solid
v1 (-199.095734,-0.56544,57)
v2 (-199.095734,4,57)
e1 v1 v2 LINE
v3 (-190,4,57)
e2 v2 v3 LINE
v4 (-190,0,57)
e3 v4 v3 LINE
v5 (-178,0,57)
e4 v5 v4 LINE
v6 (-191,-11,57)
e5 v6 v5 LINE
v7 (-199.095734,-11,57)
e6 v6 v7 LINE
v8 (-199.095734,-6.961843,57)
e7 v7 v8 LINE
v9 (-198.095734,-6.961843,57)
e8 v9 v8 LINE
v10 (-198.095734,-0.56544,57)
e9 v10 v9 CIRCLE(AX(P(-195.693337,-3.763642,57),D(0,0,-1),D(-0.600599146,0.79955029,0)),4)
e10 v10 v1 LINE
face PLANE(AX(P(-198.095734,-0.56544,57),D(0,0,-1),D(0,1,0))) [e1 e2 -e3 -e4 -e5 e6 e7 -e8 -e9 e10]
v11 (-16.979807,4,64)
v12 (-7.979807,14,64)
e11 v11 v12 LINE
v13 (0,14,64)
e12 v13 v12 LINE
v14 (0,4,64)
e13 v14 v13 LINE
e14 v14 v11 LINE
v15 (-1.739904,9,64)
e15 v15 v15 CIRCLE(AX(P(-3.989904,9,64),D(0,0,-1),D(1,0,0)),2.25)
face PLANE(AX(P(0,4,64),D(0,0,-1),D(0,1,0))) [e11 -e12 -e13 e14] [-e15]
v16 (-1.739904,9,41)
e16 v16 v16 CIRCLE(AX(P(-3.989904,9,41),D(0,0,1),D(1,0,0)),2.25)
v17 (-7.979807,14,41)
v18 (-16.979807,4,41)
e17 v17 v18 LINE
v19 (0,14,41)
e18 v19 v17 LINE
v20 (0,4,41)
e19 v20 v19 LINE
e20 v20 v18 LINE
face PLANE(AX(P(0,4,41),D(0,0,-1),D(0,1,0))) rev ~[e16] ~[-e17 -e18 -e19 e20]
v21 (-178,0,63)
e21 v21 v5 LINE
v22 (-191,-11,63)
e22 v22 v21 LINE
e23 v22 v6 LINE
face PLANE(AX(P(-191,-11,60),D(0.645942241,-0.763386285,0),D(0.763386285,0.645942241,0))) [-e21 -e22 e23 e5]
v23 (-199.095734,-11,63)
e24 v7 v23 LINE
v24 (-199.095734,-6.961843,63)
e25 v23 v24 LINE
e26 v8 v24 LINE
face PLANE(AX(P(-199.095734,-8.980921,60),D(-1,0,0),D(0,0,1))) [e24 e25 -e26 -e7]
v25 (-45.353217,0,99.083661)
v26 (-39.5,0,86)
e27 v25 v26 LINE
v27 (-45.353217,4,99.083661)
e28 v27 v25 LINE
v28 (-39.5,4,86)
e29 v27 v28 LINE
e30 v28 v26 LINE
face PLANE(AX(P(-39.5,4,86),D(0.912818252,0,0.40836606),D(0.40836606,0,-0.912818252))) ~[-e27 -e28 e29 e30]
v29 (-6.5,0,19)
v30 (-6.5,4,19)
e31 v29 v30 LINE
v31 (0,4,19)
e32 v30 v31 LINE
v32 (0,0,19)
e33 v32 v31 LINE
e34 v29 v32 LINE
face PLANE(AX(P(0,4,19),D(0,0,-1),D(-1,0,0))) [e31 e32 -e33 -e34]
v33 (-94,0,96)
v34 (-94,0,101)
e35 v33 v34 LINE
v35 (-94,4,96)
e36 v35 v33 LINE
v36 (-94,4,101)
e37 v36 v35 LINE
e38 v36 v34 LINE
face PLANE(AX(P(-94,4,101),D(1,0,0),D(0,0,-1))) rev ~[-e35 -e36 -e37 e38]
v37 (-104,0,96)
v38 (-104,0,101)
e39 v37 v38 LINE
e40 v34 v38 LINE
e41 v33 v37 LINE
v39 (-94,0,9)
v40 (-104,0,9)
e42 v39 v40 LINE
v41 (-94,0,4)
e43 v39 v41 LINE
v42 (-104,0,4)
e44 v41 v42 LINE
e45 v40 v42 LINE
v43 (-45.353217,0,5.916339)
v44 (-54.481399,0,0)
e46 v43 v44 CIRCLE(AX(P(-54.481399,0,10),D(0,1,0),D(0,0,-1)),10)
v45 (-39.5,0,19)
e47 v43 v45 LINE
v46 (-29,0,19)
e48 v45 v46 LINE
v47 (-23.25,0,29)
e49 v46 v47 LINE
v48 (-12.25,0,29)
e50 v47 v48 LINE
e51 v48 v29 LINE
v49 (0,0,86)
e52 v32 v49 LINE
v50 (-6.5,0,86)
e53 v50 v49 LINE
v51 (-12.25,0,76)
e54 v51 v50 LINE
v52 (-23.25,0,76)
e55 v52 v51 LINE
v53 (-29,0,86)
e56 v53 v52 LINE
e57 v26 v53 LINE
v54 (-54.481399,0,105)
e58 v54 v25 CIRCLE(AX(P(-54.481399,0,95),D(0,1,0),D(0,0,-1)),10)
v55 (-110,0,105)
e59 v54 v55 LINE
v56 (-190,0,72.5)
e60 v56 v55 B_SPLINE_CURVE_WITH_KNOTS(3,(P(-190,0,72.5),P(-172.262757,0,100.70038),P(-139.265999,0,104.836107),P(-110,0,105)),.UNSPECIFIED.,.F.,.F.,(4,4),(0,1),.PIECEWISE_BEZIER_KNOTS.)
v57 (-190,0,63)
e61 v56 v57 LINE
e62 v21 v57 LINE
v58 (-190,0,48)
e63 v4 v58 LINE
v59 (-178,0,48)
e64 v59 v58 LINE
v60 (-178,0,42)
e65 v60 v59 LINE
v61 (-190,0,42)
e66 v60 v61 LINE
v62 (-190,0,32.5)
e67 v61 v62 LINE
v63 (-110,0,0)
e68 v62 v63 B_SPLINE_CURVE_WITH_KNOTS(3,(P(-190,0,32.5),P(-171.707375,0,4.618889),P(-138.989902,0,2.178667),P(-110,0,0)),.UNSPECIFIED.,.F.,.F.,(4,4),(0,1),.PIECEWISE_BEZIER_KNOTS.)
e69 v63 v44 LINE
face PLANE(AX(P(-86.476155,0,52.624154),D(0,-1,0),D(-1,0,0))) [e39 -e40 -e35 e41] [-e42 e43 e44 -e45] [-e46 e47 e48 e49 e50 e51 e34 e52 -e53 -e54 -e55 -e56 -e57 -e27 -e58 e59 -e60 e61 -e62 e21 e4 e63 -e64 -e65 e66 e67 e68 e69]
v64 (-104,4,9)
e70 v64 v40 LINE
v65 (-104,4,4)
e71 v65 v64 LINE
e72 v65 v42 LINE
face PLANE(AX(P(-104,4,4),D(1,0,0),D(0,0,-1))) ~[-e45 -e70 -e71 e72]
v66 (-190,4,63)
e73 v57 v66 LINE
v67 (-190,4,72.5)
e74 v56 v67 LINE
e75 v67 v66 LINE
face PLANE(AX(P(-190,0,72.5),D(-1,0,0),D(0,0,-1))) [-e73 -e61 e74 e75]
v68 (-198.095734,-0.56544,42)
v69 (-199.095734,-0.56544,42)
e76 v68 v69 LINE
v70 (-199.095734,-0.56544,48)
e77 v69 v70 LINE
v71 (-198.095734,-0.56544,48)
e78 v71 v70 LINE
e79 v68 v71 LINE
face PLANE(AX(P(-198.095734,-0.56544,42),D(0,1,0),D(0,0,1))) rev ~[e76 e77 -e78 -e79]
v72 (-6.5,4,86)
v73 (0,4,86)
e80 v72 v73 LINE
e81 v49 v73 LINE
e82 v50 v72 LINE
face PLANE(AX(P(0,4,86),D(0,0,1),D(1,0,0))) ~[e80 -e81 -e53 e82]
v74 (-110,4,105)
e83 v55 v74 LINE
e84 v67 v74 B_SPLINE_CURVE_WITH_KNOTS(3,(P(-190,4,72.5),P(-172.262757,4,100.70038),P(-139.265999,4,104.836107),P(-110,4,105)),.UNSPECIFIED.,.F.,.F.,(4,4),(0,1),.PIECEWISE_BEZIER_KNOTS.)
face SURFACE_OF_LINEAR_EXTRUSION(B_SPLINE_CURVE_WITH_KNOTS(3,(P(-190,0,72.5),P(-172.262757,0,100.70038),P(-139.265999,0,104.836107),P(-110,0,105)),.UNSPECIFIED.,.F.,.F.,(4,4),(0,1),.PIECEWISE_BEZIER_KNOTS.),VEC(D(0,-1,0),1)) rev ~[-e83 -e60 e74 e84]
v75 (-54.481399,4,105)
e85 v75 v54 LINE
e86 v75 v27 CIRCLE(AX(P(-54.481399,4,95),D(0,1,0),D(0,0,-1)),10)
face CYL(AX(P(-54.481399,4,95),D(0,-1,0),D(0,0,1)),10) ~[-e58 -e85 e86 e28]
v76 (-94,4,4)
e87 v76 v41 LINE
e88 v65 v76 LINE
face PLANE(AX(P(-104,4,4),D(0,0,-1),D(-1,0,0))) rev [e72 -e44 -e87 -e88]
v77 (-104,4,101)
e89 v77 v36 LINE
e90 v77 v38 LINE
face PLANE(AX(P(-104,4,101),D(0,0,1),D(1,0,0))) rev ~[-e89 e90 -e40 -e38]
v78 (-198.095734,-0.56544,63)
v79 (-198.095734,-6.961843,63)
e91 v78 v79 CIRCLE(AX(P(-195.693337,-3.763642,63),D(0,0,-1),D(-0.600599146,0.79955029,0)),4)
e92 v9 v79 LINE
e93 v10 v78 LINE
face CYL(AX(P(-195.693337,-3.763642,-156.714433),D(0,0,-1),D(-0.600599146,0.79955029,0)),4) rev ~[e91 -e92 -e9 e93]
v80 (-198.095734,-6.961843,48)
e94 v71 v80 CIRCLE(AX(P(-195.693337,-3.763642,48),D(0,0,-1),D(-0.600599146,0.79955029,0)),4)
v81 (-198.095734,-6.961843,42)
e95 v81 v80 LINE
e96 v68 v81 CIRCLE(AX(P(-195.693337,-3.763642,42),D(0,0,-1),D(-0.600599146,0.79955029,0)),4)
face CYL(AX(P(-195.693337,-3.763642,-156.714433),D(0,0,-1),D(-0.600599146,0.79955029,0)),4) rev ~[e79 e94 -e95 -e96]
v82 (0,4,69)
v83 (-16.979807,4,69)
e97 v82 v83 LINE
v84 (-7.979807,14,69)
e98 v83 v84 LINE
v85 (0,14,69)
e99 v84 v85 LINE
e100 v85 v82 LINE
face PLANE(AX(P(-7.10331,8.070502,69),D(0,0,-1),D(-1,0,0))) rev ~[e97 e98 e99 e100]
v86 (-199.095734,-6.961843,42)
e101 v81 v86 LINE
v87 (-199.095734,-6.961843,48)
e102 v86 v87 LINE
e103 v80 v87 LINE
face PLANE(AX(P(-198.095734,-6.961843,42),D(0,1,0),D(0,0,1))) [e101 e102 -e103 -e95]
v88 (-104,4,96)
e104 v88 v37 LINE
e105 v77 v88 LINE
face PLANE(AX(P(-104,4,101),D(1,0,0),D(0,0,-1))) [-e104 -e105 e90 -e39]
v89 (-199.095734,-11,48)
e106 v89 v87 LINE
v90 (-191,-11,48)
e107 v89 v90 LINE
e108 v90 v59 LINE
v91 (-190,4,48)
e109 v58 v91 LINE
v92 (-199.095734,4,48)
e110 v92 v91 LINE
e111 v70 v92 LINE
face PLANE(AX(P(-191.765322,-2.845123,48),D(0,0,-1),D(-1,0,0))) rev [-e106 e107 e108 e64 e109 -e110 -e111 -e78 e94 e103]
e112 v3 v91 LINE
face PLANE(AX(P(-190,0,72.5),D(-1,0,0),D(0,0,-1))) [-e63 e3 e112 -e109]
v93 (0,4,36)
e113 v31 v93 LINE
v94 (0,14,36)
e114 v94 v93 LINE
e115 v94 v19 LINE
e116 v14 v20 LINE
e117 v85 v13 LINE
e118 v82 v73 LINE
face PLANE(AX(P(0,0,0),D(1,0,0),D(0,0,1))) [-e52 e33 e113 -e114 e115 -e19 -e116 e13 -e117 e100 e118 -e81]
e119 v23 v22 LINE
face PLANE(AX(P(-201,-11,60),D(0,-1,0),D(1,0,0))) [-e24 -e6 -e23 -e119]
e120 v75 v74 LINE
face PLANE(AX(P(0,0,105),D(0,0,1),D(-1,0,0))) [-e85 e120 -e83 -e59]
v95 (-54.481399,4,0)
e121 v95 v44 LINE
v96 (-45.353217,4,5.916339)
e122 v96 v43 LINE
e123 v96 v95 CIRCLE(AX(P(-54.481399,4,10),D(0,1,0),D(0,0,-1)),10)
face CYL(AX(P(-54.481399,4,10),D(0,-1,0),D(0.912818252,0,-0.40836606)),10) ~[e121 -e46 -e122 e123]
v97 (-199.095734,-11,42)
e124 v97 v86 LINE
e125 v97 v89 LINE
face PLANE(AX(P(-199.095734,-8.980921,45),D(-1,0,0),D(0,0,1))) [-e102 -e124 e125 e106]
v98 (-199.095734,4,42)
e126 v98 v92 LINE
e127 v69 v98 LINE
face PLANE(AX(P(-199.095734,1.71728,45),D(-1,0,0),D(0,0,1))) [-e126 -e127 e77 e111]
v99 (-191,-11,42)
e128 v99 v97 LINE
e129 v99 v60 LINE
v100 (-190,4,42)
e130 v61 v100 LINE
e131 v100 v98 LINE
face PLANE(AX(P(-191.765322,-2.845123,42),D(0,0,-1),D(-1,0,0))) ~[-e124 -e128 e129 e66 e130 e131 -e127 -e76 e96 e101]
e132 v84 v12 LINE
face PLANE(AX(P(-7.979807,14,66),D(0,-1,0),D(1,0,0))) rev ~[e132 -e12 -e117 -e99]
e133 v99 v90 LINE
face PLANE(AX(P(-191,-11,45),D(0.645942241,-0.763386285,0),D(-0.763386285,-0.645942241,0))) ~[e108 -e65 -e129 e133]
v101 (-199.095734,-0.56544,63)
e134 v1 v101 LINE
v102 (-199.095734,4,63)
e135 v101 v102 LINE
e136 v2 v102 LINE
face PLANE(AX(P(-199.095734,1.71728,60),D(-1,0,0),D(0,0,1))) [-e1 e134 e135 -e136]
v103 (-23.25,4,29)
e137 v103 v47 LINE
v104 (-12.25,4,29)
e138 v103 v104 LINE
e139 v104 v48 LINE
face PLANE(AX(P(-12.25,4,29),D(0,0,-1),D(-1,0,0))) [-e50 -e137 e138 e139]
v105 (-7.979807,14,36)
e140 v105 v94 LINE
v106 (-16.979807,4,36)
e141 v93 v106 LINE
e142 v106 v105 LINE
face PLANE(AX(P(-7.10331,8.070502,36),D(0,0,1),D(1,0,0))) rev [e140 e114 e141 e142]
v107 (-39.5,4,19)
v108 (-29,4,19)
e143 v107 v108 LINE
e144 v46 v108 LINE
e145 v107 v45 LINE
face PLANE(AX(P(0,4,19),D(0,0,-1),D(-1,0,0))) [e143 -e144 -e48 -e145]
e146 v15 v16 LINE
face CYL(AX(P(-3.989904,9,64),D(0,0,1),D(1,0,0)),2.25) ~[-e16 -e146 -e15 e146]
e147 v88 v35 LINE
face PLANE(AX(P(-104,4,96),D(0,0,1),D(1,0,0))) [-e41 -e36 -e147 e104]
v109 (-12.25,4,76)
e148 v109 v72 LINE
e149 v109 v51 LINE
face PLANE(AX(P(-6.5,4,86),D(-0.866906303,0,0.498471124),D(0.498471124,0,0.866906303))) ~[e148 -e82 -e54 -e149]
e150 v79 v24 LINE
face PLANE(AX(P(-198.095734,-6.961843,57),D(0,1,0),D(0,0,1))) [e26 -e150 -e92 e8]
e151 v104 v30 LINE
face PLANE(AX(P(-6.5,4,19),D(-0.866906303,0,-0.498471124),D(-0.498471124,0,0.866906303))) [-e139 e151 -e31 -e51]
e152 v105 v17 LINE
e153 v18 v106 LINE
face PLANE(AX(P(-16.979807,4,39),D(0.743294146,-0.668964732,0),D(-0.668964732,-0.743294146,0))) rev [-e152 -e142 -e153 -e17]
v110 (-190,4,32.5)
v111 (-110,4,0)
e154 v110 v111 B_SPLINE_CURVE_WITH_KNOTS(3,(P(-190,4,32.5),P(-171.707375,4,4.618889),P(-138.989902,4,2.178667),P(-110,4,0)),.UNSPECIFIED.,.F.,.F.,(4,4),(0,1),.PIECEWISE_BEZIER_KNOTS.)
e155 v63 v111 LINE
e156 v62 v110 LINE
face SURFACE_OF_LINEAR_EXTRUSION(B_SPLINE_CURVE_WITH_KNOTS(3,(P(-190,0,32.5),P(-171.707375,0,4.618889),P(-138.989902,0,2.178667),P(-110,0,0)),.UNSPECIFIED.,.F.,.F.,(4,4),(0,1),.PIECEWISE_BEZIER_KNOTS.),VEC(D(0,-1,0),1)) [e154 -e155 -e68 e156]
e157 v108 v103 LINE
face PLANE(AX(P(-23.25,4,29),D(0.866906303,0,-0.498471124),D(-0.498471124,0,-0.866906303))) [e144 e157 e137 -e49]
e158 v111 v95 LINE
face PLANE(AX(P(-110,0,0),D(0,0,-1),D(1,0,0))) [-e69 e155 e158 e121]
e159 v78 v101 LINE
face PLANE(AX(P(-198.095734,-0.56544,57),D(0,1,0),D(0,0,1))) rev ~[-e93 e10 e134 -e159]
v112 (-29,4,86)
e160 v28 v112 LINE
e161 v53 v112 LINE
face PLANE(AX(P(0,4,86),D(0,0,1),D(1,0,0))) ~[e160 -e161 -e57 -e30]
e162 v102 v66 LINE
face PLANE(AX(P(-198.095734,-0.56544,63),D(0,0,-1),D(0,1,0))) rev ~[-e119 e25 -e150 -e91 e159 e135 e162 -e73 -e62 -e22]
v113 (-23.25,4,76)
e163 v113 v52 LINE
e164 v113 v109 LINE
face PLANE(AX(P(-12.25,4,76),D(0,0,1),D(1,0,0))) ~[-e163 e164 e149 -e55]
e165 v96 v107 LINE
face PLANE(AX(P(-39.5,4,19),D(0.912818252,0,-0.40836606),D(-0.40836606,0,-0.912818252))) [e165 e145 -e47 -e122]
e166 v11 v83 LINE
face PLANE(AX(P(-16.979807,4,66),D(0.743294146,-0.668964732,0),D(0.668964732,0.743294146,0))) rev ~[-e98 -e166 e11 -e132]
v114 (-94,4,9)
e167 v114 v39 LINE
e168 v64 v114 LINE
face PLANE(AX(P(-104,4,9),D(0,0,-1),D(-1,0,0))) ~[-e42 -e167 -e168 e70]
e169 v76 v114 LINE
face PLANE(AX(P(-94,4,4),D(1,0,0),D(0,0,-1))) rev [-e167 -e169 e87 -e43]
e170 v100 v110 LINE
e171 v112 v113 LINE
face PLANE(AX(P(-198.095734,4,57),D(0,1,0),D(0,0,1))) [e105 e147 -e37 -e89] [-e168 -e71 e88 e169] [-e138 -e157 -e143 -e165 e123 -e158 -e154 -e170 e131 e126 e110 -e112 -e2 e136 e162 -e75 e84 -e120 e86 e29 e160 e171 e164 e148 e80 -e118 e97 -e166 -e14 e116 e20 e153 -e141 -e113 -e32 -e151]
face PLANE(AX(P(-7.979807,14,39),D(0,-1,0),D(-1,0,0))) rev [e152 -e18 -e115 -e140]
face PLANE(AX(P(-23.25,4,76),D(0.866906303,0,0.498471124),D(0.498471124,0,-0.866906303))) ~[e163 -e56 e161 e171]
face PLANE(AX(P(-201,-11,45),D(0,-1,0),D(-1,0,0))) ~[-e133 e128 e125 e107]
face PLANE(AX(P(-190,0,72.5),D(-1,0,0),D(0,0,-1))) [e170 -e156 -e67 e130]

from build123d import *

# Parameters (mm, degrees)
BOSS_EXTRUDE1_DEPTH     = 4
BOSS_EXTRUDE2_START     = -45
BOSS_EXTRUDE2_DEPTH     = 3
BOSS_EXTRUDE3_START     = -39
BOSS_EXTRUDE3_DEPTH     = 3
BOSS_EXTRUDE4_REACH     = 213.107
SKETCH6_R               = 2.5
SKETCH7_W               = 10
SKETCH7_H               = 5
CUT_EXTRUDE1_DEPTH      = 10
CUT_EXTRUDE2_DEPTH      = 228.268563733
FILLET1_R               = 10
CUT_EXTRUDE3_DEPTH      = 228.268563733
SKETCH12_W              = 23
SKETCH12_H              = 10
CUT_EXTRUDE6_DEPTH      = 21
BOSS_EXTRUDE5_REACH     = 213.407
SKETCH13_R              = 2.25
CUT_EXTRUDE7_DEPTH      = 209.214432859
CUT_EXTRUDE7_DEPTH_BACK = 209.214432859
SKETCH15_W              = 6
SKETCH15_H              = 4.56544039
SKETCH15_H_2            = 4.038157292
BOSS_EXTRUDE6_DEPTH     = 1


with BuildPart() as part:
    # Sketch1 → Boss-Extrude1 (new body)
    with BuildSketch(Plane(origin=(0, 0, 0), x_dir=(1, 0, 0), z_dir=(0, 1, 0))):
        with BuildLine():
            Line((-110, 0), (0, 0))
            Line((0, 0), (0, -105))
            Line((0, -105), (-110, -105))
            add(Edge.make_bspline(
                [(-190, -72.5), (-172.262756658, -100.700379519), (-139.265999107, -104.836107107), (-110, -105)],
                knots=[0, 0, 0, 0, 1, 1, 1, 1], degree=3))
            Line((-190, -72.5), (-190, -32.5))
            add(Edge.make_bspline(
                [(-190, -32.5), (-171.707374586, -4.618888995), (-138.989901699, -2.178666842), (-110, 0)],
                knots=[0, 0, 0, 0, 1, 1, 1, 1], degree=3))
        make_face()
    extrude(amount=BOSS_EXTRUDE1_DEPTH)

    # Sketch2 → Boss-Extrude2 (add, symmetric)
    with BuildSketch(Plane.XY.offset(105).offset(BOSS_EXTRUDE2_START)):
        Polygon((-190, 4), (-201, 4), (-201, -11), (-191, -11), (-178, 0), align=None)
    boss_extrude2 = extrude(amount=BOSS_EXTRUDE2_DEPTH, both=True)

    # Mirror1: Boss-Extrude2 across plane
    add(boss_extrude2.mirror(Plane.XY.offset(52.5)))

    # Sketch5 → Boss-Extrude3 (add, symmetric)
    with BuildSketch(Plane.XY.offset(105).offset(BOSS_EXTRUDE3_START)):
        Polygon((-16.979807258, 4), (-7.979807258, 14), (0, 14), (0, 4), align=None)
    boss_extrude3 = extrude(amount=BOSS_EXTRUDE3_DEPTH, both=True)

    # Mirror4: Boss-Extrude3 across plane
    add(boss_extrude3.mirror(Plane.XY.offset(52.5)))

    # Sketch6 → Boss-Extrude4 (add, up to next)
    with BuildSketch(Plane.XY.offset(42), mode=Mode.PRIVATE) as boss_extrude4_sk1:
        with Locations(Location((-4, 10, 0), (0, 0, 180))):
            Circle(SKETCH6_R)
    boss_extrude4_tool1 = extrude(boss_extrude4_sk1.sketch, amount=BOSS_EXTRUDE4_REACH, mode=Mode.PRIVATE) - part.part
    add(boss_extrude4_tool1.solids().sort_by_distance((-4, 10, 42))[0])

    # Sketch7 → Cut-Extrude1 (cut)
    with BuildSketch(Plane(origin=(0, 4, 0), x_dir=(1, 0, 0), z_dir=(0, 1, 0))):
        with Locations((-99, -98.5)):
            Rectangle(SKETCH7_W, SKETCH7_H)
    cut_extrude1 = extrude(amount=-CUT_EXTRUDE1_DEPTH, mode=Mode.SUBTRACT)

    # Mirror5: Cut-Extrude1 across plane
    add(cut_extrude1.mirror(Plane.XY.offset(52.5)), mode=Mode.SUBTRACT)

    # Sketch10 → Cut-Extrude2 (cut, symmetric)
    with BuildSketch(Plane(origin=(0, 4, 0), x_dir=(1, 0, 0), z_dir=(0, 1, 0))):
        Polygon((0, -19), (-39.5, -19), (-48, 0), (0, 0), align=None)
    cut_extrude2 = extrude(amount=CUT_EXTRUDE2_DEPTH, both=True, mode=Mode.SUBTRACT)

    # Mirror6: Cut-Extrude2 across plane
    add(cut_extrude2.mirror(Plane.XY.offset(52.5)), mode=Mode.SUBTRACT)

    # Fillet1
    fillet1_edges = [part.edges().sort_by_distance(p)[0] for p in [
        (-48, 2, 0),
        (-48, 2, 105),
    ]]
    fillet(fillet1_edges, radius=FILLET1_R)

    # Sketch11 → Cut-Extrude3 (cut, symmetric)
    with BuildSketch(Plane(origin=(0, 4, 0), x_dir=(1, 0, 0), z_dir=(0, 1, 0))):
        Polygon((-6.5, -19), (-12.25, -29), (-23.25, -29), (-29, -19), align=None)
    cut_extrude3 = extrude(amount=CUT_EXTRUDE3_DEPTH, both=True, mode=Mode.SUBTRACT)

    # Mirror7: Cut-Extrude3 across plane
    add(cut_extrude3.mirror(Plane.XY.offset(52.5)), mode=Mode.SUBTRACT)

    # Sketch12 → Cut-Extrude6 (cut)
    with BuildSketch(Plane(origin=(0, 0, 0), x_dir=(0, 0, -1), z_dir=(1, 0, 0))):
        with Locations((-52.5, 9)):
            Rectangle(SKETCH12_W, SKETCH12_H)
    extrude(amount=-CUT_EXTRUDE6_DEPTH, mode=Mode.SUBTRACT)

    # Sketch13 → Boss-Extrude5 (add, up to next)
    with BuildSketch(Plane(origin=(0, 0, 64), x_dir=(-1, 0, 0), z_dir=(0, 0, -1)), mode=Mode.PRIVATE) as boss_extrude5_sk1:
        with Locations(Location((3.989903629, 9, 0), (0, 0, 180))):
            Circle(SKETCH13_R)
    boss_extrude5_tool1 = extrude(boss_extrude5_sk1.sketch, amount=BOSS_EXTRUDE5_REACH, mode=Mode.PRIVATE) - part.part
    add(boss_extrude5_tool1.solids().sort_by_distance((-3.989904, 9, 64))[0])

    # Sketch14 → Cut-Extrude7 (cut, two sides: drawn at the far end of the back side and taken through both)
    with BuildSketch(Plane.XY.offset(52.5).offset(-CUT_EXTRUDE7_DEPTH_BACK)):
        with BuildLine():
            Line((-198.09573372, 4), (-198.09573372, -0.56544039))
            ThreePointArc((-198.09573372, -0.56544039), (-191.693337136, -3.763641549), (-198.09573372, -6.961842708))
            Line((-198.09573372, -6.961842708), (-198.09573372, -11))
            Line((-198.09573372, -11), (-202.719197906, -12.115187625))
            Line((-202.719197906, -12.115187625), (-202.588499271, 4.842960165))
            Line((-202.588499271, 4.842960165), (-198.09573372, 4))
        make_face()
    extrude(amount=CUT_EXTRUDE7_DEPTH + CUT_EXTRUDE7_DEPTH_BACK, mode=Mode.SUBTRACT)

    # Sketch15 → Boss-Extrude6 (add)
    with BuildSketch(Plane.ZY.offset(198.09573372)):
        with Locations((60, 1.717279805)):
            Rectangle(SKETCH15_W, SKETCH15_H)
        with Locations((45, 1.717279805)):
            Rectangle(SKETCH15_W, SKETCH15_H)
        with Locations((45, -8.980921354)):
            Rectangle(SKETCH15_W, SKETCH15_H_2)
        with Locations((60, -8.980921354)):
            Rectangle(SKETCH15_W, SKETCH15_H_2)
    extrude(amount=BOSS_EXTRUDE6_DEPTH)


solid = part.part
